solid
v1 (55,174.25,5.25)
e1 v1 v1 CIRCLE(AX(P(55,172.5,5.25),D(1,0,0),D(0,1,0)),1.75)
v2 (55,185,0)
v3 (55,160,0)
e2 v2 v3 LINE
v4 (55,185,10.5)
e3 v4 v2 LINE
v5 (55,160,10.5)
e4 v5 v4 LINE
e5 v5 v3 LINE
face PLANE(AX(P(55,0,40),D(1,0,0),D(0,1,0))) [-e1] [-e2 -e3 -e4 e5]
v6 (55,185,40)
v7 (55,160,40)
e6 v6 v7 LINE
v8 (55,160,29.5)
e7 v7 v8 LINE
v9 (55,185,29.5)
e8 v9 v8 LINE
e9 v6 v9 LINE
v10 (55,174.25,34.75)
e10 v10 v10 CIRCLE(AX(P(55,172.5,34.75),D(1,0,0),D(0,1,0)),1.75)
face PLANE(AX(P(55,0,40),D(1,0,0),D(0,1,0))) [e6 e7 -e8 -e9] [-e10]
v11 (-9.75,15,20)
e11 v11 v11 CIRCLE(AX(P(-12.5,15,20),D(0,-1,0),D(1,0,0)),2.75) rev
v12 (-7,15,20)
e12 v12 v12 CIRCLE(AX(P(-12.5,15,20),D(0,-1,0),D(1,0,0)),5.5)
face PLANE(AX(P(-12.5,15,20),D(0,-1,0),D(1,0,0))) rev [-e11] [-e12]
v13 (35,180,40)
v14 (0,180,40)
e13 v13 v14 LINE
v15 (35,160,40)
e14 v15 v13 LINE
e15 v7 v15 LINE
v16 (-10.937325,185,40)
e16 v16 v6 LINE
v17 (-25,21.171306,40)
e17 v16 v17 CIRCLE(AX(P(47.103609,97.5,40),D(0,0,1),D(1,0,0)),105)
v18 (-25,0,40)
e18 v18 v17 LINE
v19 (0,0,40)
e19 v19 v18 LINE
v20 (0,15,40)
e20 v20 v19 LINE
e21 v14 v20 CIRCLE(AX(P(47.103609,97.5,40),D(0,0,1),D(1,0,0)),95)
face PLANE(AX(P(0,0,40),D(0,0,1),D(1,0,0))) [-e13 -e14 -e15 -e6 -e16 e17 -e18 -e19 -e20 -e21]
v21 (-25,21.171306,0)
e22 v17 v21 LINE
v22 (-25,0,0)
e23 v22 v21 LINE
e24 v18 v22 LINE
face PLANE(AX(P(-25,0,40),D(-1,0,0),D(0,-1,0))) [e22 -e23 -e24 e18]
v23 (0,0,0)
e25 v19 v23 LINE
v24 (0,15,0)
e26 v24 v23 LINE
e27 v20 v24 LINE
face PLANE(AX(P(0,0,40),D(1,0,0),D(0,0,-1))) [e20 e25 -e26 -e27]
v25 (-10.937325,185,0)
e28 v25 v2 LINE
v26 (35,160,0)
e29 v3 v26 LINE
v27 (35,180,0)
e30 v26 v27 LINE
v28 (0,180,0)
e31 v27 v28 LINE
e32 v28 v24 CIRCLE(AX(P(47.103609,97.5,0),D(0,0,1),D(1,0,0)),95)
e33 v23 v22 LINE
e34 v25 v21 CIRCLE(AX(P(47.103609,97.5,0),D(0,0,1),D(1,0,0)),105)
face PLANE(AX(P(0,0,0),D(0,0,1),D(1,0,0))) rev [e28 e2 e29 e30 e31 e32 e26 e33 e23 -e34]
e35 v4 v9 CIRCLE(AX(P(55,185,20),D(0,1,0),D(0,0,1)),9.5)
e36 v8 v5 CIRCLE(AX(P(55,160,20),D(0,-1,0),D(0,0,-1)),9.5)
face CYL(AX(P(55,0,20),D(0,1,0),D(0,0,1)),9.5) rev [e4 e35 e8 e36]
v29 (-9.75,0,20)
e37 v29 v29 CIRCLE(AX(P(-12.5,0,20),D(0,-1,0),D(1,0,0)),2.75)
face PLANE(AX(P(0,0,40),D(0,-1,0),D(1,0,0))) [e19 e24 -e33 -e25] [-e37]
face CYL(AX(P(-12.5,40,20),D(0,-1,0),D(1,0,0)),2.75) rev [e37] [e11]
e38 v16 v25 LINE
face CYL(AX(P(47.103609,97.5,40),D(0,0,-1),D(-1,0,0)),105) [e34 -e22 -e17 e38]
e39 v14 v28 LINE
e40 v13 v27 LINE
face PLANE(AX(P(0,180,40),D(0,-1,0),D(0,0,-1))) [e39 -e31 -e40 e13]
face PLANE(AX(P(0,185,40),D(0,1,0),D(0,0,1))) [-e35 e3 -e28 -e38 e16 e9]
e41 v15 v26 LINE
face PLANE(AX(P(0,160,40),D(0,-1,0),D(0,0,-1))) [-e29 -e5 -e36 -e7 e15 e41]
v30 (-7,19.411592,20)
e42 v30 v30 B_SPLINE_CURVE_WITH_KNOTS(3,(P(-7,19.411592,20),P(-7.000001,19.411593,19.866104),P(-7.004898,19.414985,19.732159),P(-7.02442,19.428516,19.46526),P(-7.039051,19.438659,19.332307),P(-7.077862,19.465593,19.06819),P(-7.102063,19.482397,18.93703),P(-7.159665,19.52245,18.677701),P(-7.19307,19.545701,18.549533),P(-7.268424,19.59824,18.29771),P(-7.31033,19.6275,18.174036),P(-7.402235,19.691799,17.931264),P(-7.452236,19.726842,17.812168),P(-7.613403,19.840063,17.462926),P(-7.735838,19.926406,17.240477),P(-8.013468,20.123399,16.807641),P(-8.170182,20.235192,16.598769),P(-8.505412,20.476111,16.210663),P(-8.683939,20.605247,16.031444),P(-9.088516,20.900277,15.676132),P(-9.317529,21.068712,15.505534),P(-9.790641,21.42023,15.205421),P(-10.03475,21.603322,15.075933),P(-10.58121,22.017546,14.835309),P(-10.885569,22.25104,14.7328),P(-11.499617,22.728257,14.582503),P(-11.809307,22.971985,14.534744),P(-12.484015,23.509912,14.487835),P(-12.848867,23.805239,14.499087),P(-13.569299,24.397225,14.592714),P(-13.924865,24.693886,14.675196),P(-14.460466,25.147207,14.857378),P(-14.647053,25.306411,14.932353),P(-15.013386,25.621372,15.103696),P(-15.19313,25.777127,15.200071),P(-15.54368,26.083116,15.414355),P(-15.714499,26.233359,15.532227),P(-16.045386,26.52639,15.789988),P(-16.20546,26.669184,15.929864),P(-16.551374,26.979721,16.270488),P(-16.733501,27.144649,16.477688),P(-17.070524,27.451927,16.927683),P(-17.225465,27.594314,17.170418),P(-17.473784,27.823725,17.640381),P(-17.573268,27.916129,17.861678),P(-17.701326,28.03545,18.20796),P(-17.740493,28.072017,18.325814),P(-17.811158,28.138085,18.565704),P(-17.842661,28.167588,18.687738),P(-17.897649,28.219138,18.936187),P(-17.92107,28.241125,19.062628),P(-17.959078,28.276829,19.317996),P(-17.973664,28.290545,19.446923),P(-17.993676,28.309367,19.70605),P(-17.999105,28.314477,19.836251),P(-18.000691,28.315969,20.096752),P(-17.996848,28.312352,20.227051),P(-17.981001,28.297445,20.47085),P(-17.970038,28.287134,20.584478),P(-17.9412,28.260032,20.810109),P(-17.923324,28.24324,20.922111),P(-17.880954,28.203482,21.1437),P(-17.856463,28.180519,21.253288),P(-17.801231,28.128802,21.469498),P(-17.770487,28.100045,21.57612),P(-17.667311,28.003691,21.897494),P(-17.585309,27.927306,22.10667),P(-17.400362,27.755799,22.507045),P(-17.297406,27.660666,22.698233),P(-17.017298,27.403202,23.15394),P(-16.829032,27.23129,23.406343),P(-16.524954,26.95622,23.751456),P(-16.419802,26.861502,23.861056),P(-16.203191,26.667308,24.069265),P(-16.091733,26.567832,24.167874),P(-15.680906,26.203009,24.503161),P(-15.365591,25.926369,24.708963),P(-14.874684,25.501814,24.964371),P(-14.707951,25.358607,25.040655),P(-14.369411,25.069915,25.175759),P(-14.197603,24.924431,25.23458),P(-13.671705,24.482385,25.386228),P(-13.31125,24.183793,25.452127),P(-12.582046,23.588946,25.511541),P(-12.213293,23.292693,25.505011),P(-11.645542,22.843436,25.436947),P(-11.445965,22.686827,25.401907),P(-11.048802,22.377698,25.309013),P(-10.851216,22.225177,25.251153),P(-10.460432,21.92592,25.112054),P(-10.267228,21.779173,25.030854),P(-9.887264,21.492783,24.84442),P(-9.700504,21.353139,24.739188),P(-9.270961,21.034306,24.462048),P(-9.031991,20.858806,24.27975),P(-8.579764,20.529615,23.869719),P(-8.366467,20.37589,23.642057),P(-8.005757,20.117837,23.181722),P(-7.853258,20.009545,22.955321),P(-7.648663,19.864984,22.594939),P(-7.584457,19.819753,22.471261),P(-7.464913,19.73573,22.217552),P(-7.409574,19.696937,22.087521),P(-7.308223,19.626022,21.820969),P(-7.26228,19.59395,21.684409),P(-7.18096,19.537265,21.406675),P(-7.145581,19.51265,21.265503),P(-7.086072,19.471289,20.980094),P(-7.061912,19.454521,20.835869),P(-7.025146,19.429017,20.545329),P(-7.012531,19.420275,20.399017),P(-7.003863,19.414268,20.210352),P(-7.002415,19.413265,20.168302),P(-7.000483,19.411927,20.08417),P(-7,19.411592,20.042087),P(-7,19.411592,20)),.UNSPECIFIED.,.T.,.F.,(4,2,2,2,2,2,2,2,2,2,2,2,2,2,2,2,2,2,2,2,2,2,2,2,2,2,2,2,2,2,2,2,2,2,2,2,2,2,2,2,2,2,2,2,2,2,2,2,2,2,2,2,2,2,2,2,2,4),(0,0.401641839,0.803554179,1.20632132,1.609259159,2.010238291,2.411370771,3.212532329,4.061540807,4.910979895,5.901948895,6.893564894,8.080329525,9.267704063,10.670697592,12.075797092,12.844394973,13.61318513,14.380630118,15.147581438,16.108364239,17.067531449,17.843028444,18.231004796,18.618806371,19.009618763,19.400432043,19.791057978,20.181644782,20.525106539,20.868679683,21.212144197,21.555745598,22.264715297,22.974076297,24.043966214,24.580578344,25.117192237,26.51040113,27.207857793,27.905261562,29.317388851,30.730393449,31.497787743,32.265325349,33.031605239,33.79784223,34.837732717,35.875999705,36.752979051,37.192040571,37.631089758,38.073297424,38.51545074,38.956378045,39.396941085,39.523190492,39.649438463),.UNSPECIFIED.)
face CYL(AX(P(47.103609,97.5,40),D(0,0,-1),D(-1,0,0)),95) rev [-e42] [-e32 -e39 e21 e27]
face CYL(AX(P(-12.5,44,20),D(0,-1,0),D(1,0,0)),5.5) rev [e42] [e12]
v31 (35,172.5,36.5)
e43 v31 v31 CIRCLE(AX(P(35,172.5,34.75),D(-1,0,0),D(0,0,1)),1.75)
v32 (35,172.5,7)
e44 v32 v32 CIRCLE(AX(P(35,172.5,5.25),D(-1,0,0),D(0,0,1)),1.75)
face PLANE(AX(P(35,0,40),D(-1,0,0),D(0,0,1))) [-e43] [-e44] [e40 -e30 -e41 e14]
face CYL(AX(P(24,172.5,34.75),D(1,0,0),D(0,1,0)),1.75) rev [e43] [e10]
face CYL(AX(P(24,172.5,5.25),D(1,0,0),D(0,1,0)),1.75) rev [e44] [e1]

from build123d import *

# Parameters (mm, degrees)
BOSS_EXTRUDE1_DEPTH = 40
SKETCH2_R           = 9.5
CUT_EXTRUDE1_DEPTH  = 186
SKETCH3_R           = 2.75
CUT_EXTRUDE2_DEPTH  = 40
CUT_EXTRUDE3_START  = -15
SKETCH4_R           = 5.5
CUT_EXTRUDE3_DEPTH  = 29
SKETCH5_R           = 1.75
CUT_EXTRUDE4_DEPTH  = 31


with BuildPart() as part:
    # Sketch1 → Boss-Extrude1 (new body)
    with BuildSketch(Plane.XY):
        with BuildLine():
            ThreePointArc((0, 180), (-47.896390796, 97.5), (0, 15))
            Line((0, 15), (0, 0))
            Line((0, 0), (-25, 0))
            Line((-25, 0), (-25, 21.171305921))
            ThreePointArc((-25, 21.171305921), (-57.511689732, 106.47993478), (-10.937324628, 185))
            Line((-10.937324628, 185), (55, 185))
            Line((55, 185), (55, 160))
            Line((55, 160), (35, 160))
            Line((35, 160), (35, 180))
            Line((35, 180), (0, 180))
        make_face()
    extrude(amount=BOSS_EXTRUDE1_DEPTH)

    # Sketch2 → Cut-Extrude1 (cut, through all)
    with BuildSketch(Plane(origin=(0, 185, 0), x_dir=(1, 0, 0), z_dir=(0, 1, 0))):
        with Locations((55, -20)):
            Circle(SKETCH2_R)
    extrude(amount=-CUT_EXTRUDE1_DEPTH, mode=Mode.SUBTRACT)

    # Sketch3 → Cut-Extrude2 (cut)
    with BuildSketch(Plane.XZ):
        with Locations((-12.5, 20)):
            Circle(SKETCH3_R)
    extrude(amount=-CUT_EXTRUDE2_DEPTH, mode=Mode.SUBTRACT)

    # Sketch4 → Cut-Extrude3 (cut)
    with BuildSketch(Plane.XZ.offset(CUT_EXTRUDE3_START)):
        with Locations((-12.5, 20)):
            Circle(SKETCH4_R)
    extrude(amount=-CUT_EXTRUDE3_DEPTH, mode=Mode.SUBTRACT)

    # Sketch5 → Cut-Extrude4 (cut)
    with BuildSketch(Plane(origin=(55, 0, 0), x_dir=(0, 0, -1), z_dir=(1, 0, 0))):
        with Locations((-5.25, 172.5)):
            Circle(SKETCH5_R)
        with Locations((-34.75, 172.5)):
            Circle(SKETCH5_R)
    extrude(amount=-CUT_EXTRUDE4_DEPTH, mode=Mode.SUBTRACT)


solid = part.part
